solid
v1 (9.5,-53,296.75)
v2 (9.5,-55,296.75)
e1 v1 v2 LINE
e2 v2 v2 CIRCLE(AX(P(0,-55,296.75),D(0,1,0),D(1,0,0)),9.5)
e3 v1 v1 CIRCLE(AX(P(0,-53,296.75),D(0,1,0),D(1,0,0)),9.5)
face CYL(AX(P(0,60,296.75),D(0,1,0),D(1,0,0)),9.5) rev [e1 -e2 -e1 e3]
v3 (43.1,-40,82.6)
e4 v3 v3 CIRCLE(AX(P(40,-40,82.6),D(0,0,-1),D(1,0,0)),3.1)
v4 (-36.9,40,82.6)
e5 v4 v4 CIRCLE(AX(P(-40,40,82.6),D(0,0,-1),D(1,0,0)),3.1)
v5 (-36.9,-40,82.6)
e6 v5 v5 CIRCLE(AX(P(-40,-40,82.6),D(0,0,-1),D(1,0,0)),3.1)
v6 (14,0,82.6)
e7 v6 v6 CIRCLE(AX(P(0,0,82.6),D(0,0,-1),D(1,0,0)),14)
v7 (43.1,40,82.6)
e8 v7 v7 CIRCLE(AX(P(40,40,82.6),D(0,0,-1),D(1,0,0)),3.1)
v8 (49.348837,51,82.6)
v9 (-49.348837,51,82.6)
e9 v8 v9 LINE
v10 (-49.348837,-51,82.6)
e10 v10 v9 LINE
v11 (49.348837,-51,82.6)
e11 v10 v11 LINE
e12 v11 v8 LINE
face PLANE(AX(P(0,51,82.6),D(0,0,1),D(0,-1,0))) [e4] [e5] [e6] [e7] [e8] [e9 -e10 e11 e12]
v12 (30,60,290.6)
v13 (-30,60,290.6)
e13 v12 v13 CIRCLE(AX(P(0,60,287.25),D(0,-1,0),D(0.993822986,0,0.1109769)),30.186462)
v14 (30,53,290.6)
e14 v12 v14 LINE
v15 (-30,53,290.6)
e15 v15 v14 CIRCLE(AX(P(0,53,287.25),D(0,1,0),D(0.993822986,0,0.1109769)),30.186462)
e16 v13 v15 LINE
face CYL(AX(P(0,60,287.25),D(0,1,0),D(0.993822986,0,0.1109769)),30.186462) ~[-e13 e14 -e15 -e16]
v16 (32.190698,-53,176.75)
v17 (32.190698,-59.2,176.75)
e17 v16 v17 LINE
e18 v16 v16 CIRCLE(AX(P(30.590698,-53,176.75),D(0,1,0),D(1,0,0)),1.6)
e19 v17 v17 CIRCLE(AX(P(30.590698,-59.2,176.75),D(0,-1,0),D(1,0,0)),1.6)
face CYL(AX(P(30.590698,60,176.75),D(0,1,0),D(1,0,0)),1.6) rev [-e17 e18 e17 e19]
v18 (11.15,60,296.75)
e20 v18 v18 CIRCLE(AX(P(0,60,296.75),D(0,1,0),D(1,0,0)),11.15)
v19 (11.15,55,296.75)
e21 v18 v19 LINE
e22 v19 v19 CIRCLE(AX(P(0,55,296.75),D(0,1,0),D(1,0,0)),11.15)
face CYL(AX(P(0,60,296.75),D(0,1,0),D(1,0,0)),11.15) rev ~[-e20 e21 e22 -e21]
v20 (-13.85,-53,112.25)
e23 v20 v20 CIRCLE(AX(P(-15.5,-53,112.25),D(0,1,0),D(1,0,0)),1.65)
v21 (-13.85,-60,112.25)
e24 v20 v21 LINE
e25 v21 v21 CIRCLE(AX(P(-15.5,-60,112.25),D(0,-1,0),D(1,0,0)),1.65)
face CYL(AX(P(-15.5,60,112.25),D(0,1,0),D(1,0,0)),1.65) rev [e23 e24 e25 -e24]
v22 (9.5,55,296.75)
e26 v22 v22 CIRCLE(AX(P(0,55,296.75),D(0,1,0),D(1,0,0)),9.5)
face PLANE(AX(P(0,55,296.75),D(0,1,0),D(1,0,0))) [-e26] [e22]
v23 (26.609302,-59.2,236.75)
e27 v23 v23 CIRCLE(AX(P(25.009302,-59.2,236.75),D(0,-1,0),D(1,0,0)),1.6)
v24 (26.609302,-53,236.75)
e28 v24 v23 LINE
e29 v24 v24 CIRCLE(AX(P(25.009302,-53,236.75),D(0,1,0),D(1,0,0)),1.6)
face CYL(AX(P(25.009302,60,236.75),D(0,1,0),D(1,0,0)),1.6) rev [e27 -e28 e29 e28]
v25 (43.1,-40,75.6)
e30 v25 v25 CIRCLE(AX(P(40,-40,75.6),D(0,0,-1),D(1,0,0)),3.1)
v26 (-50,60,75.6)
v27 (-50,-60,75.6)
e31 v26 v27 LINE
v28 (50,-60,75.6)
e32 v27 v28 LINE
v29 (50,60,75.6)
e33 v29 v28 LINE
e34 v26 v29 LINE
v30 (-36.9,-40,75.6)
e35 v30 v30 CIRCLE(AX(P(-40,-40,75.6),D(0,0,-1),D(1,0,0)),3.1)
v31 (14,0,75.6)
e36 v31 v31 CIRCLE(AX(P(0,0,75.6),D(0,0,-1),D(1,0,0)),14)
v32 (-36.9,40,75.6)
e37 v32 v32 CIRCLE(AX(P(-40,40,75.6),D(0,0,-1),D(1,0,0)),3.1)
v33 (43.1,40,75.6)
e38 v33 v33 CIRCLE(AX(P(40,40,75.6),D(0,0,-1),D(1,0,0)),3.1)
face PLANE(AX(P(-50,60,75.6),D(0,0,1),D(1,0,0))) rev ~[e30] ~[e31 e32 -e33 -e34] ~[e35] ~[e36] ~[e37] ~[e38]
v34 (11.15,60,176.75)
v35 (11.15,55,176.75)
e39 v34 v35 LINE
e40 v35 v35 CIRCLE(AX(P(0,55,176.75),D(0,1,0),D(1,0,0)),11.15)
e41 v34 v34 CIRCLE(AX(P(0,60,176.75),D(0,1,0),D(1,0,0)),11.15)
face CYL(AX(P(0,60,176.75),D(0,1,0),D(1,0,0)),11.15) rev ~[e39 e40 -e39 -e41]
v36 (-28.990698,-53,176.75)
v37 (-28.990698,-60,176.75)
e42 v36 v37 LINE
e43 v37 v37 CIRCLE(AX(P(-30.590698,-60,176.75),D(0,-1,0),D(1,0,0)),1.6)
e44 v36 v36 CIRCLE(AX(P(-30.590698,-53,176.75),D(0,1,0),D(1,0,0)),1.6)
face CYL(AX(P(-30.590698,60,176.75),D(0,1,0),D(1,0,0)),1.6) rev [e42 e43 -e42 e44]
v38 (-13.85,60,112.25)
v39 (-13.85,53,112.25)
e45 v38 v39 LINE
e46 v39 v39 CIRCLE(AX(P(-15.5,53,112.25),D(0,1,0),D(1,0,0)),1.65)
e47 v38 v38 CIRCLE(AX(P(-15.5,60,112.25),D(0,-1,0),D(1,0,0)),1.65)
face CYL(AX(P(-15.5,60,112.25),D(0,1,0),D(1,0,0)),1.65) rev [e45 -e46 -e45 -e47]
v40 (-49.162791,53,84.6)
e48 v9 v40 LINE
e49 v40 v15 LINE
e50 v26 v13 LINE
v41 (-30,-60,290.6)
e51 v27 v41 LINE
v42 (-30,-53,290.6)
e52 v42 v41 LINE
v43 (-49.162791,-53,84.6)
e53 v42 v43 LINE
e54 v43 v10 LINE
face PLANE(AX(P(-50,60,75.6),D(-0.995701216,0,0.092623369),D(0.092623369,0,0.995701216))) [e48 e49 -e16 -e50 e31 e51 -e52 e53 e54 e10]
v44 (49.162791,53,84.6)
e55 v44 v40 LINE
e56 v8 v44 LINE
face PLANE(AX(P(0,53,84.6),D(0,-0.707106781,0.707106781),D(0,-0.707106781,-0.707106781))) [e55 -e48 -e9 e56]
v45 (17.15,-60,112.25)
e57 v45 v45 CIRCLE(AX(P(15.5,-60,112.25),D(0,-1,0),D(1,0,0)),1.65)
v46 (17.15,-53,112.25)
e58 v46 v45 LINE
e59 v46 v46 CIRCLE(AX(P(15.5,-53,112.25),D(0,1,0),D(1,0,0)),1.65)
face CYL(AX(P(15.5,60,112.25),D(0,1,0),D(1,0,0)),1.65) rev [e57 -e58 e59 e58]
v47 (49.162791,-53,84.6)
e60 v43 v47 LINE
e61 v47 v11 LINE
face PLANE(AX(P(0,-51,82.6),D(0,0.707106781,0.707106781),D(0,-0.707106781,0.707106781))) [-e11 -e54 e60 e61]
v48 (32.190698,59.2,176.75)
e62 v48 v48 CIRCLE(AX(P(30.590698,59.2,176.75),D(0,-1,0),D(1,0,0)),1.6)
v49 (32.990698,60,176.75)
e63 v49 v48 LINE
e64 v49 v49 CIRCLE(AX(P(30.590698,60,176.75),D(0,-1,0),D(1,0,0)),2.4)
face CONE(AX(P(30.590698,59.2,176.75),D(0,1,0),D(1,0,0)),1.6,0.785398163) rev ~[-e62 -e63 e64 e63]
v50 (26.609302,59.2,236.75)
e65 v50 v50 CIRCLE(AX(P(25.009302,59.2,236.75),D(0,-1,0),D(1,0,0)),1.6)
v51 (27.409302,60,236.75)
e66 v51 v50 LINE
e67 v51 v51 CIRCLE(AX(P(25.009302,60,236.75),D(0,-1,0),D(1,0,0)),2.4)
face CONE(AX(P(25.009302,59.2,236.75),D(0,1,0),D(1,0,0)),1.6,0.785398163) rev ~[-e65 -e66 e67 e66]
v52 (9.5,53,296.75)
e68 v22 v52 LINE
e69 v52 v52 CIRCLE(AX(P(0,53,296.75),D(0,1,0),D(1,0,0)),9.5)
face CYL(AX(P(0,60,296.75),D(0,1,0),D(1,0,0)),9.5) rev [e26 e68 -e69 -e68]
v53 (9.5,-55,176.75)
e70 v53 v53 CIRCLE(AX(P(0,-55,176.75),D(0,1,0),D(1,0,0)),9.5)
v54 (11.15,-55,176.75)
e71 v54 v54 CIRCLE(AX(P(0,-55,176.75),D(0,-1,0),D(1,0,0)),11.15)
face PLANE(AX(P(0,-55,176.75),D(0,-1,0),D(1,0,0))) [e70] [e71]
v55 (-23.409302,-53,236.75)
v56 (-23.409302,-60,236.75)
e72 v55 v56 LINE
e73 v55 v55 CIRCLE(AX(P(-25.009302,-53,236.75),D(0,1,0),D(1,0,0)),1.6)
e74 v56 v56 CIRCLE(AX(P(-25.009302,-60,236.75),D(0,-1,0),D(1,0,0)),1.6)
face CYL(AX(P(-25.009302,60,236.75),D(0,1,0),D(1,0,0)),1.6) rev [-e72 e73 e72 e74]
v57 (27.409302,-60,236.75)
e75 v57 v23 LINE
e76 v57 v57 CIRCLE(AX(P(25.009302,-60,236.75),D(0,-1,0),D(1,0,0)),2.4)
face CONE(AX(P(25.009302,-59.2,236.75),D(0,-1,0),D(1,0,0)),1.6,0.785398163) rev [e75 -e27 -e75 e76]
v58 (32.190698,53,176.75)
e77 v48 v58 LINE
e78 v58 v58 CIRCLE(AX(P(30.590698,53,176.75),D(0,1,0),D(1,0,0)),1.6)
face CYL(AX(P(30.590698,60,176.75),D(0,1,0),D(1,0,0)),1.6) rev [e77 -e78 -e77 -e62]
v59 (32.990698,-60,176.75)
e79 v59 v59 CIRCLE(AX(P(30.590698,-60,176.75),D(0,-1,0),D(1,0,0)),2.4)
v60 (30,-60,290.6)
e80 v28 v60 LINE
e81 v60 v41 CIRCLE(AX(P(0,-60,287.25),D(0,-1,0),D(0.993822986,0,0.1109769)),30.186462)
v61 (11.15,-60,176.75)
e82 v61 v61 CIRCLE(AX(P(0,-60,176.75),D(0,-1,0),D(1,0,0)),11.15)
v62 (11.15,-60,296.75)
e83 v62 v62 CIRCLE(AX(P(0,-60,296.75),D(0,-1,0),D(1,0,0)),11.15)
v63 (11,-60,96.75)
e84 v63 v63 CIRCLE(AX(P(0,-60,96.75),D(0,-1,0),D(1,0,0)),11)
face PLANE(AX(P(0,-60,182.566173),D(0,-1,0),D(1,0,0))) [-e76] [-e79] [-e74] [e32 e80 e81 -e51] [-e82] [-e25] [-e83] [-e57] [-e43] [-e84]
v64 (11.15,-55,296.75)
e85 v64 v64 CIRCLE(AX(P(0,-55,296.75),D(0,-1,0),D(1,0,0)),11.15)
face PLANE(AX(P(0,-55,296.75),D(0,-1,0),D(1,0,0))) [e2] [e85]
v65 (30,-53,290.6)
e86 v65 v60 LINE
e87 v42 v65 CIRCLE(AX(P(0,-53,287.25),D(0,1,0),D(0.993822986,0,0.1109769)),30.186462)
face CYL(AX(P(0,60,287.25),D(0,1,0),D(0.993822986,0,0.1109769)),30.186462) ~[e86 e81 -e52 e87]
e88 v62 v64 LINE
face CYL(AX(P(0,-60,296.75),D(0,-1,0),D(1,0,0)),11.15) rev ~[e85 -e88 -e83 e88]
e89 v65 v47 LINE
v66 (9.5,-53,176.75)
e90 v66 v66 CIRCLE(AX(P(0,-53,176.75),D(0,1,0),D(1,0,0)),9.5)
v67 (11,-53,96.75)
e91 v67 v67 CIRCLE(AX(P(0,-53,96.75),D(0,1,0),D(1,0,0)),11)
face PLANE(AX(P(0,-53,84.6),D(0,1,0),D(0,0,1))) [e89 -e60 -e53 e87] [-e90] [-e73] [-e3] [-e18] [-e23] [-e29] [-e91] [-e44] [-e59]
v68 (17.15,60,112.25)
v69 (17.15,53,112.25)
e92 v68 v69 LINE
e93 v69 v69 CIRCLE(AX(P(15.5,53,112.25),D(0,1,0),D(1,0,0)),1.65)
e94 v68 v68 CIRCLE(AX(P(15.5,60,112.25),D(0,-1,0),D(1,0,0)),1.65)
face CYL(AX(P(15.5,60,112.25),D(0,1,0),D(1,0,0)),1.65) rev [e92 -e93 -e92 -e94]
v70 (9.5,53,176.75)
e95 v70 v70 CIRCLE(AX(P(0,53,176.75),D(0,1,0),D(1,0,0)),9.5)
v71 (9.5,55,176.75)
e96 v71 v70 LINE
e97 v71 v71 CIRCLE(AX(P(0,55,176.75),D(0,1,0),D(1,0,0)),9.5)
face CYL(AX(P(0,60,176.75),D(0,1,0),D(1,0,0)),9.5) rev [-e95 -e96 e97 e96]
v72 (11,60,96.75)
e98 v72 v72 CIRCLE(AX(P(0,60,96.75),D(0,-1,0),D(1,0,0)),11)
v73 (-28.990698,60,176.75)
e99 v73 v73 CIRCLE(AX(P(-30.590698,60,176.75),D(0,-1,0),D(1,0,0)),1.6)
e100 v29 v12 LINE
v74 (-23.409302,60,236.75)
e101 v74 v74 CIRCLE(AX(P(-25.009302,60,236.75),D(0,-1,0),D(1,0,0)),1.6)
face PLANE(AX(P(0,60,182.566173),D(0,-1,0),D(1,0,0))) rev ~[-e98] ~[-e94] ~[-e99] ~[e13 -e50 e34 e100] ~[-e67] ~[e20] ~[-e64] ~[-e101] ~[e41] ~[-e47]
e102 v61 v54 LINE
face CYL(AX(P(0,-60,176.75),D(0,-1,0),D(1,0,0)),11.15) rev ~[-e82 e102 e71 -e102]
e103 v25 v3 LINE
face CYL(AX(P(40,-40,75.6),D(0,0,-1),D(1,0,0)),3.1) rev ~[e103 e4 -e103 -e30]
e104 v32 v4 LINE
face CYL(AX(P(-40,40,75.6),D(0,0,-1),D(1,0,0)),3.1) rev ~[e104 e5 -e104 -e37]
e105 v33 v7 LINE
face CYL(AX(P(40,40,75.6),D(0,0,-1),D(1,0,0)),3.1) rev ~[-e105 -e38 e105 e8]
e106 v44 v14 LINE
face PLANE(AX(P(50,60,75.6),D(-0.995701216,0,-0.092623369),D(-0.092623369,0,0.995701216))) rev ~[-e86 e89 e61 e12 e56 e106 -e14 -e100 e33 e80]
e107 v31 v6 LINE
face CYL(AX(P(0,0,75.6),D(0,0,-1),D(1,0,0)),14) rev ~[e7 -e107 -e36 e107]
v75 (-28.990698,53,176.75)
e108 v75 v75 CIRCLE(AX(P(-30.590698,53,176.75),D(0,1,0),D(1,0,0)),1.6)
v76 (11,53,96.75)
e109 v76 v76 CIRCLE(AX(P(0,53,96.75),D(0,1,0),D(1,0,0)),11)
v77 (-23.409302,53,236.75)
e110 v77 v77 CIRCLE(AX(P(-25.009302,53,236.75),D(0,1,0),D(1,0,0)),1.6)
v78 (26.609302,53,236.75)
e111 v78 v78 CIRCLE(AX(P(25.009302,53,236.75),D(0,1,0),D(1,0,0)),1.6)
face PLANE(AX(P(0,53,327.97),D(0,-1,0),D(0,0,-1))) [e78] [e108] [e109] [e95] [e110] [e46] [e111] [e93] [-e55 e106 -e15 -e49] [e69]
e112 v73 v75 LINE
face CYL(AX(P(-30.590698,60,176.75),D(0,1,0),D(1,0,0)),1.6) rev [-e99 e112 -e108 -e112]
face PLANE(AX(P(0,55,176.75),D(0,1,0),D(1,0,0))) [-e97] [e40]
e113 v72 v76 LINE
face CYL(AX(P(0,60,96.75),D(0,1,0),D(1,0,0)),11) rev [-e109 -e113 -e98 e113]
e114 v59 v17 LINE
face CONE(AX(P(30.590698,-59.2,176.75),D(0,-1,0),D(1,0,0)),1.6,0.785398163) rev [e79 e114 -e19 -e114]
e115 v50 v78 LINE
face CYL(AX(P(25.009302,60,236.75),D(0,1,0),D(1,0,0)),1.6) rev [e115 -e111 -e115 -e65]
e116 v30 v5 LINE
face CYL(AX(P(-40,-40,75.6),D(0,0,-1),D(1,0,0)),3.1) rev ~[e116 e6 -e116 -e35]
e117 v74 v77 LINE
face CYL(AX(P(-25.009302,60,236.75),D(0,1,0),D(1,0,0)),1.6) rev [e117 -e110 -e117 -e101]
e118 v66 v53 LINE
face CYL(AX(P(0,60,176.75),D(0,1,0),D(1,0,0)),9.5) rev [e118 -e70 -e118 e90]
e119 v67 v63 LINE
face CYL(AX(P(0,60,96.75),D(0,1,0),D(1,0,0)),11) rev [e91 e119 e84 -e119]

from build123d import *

# Parameters (mm, degrees)
SKETCH102_R             = 9.5
SKETCH102_R_2           = 11
SKETCH102_R_3           = 1.65
SKETCH102_R_4           = 1.6
PAD032_DEPTH            = 120
POCKET061_DEPTH         = 152.4
SKETCH099_R             = 3.1
SKETCH099_R_2           = 14
POCKET059_DEPTH         = 8
SKETCH098_R             = 11.15
POCKET060_DEPTH         = 5
SKETCH101_R             = 11.15
POCKET062_DEPTH         = 5
CHAMFER012_SIZE         = 0.8
BODY024_PLACEMENT_ANGLE = 90


with BuildPart() as part:
    # Sketch102 → Pad032 (new body)
    with BuildSketch(Plane.XY):
        with BuildLine():
            Line((-50, 0), (50, 0))
            Line((50, 0), (30, 215))
            ThreePointArc((30, 215), (0, 241.8364621975), (-30, 215))
            Line((-50, 0), (-30, 215))
        make_face()
        with Locations((0, 221.15)):
            Circle(SKETCH102_R, mode=Mode.SUBTRACT)
        with Locations((0, 21.15)):
            Circle(SKETCH102_R_2, mode=Mode.SUBTRACT)
        with Locations((0, 101.15)):
            Circle(SKETCH102_R, mode=Mode.SUBTRACT)
        with Locations((-15.5, 36.65)):
            Circle(SKETCH102_R_3, mode=Mode.SUBTRACT)
        with Locations((15.5, 36.65)):
            Circle(SKETCH102_R_3, mode=Mode.SUBTRACT)
        with Locations((-30.5906976744, 101.15)):
            Circle(SKETCH102_R_4, mode=Mode.SUBTRACT)
        with Locations((30.5906976744, 101.15)):
            Circle(SKETCH102_R_4, mode=Mode.SUBTRACT)
        with Locations((-25.0093023256, 161.15)):
            Circle(SKETCH102_R_4, mode=Mode.SUBTRACT)
        with Locations((25.0093023256, 161.15)):
            Circle(SKETCH102_R_4, mode=Mode.SUBTRACT)
    extrude(amount=PAD032_DEPTH)

    # Sketch100 → Pocket061 (cut, symmetric)
    with BuildSketch(Plane(origin=(0, 0, 120), x_dir=(0, 0, -1), z_dir=(1, 0, 0))):
        Polygon((7, 252.37), (113, 252.37), (113, 9), (111, 7), (9, 7), (7, 9), align=None)
    extrude(amount=POCKET061_DEPTH, both=True, mode=Mode.SUBTRACT)

    # Sketch099 (on Face1 of Pocket061) → Pocket059 (cut)
    with BuildSketch(Plane.XZ):
        with Locations((-40, 100)):
            Circle(SKETCH099_R)
        with Locations((40, 100)):
            Circle(SKETCH099_R)
        with Locations((-40, 20)):
            Circle(SKETCH099_R)
        with Locations((40, 20)):
            Circle(SKETCH099_R)
        with Locations((0, 60)):
            Circle(SKETCH099_R_2)
    extrude(amount=-POCKET059_DEPTH, mode=Mode.SUBTRACT)

    # Sketch098 (on Face4 of Pocket059) → Pocket060 (cut)
    with BuildSketch(Plane.XY.offset(120)):
        with Locations((0, 101.15)):
            Circle(SKETCH098_R)
        with Locations((0, 221.15)):
            Circle(SKETCH098_R)
    extrude(amount=-POCKET060_DEPTH, mode=Mode.SUBTRACT)

    # Sketch101 (on Face3 of Pocket060) → Pocket062 (cut)
    with BuildSketch(Plane(origin=(0, 0, 0), x_dir=(1, 0, 0), z_dir=(0, 0, -1))):
        with Locations((0, -221.15)):
            Circle(SKETCH101_R)
        with Locations((0, -101.15)):
            Circle(SKETCH101_R)
    extrude(amount=-POCKET062_DEPTH, mode=Mode.SUBTRACT)

    # Chamfer012
    chamfer012_edges = [part.edges().sort_by_distance(p)[0] for p in [
        (23.409302, 161.15, 0),
        (28.990698, 101.15, 0),
        (23.409302, 161.15, 120),
        (28.990698, 101.15, 120),
    ]]
    chamfer(chamfer012_edges, length=CHAMFER012_SIZE)


with BuildPart() as part_1:
    # Body024 placement: moved
    add(part.part.moved(Location((0, 60, 75.6))).rotate(Axis((0, 60, 75.6), (1, 0, 0)), BODY024_PLACEMENT_ANGLE))


solid = part_1.part
